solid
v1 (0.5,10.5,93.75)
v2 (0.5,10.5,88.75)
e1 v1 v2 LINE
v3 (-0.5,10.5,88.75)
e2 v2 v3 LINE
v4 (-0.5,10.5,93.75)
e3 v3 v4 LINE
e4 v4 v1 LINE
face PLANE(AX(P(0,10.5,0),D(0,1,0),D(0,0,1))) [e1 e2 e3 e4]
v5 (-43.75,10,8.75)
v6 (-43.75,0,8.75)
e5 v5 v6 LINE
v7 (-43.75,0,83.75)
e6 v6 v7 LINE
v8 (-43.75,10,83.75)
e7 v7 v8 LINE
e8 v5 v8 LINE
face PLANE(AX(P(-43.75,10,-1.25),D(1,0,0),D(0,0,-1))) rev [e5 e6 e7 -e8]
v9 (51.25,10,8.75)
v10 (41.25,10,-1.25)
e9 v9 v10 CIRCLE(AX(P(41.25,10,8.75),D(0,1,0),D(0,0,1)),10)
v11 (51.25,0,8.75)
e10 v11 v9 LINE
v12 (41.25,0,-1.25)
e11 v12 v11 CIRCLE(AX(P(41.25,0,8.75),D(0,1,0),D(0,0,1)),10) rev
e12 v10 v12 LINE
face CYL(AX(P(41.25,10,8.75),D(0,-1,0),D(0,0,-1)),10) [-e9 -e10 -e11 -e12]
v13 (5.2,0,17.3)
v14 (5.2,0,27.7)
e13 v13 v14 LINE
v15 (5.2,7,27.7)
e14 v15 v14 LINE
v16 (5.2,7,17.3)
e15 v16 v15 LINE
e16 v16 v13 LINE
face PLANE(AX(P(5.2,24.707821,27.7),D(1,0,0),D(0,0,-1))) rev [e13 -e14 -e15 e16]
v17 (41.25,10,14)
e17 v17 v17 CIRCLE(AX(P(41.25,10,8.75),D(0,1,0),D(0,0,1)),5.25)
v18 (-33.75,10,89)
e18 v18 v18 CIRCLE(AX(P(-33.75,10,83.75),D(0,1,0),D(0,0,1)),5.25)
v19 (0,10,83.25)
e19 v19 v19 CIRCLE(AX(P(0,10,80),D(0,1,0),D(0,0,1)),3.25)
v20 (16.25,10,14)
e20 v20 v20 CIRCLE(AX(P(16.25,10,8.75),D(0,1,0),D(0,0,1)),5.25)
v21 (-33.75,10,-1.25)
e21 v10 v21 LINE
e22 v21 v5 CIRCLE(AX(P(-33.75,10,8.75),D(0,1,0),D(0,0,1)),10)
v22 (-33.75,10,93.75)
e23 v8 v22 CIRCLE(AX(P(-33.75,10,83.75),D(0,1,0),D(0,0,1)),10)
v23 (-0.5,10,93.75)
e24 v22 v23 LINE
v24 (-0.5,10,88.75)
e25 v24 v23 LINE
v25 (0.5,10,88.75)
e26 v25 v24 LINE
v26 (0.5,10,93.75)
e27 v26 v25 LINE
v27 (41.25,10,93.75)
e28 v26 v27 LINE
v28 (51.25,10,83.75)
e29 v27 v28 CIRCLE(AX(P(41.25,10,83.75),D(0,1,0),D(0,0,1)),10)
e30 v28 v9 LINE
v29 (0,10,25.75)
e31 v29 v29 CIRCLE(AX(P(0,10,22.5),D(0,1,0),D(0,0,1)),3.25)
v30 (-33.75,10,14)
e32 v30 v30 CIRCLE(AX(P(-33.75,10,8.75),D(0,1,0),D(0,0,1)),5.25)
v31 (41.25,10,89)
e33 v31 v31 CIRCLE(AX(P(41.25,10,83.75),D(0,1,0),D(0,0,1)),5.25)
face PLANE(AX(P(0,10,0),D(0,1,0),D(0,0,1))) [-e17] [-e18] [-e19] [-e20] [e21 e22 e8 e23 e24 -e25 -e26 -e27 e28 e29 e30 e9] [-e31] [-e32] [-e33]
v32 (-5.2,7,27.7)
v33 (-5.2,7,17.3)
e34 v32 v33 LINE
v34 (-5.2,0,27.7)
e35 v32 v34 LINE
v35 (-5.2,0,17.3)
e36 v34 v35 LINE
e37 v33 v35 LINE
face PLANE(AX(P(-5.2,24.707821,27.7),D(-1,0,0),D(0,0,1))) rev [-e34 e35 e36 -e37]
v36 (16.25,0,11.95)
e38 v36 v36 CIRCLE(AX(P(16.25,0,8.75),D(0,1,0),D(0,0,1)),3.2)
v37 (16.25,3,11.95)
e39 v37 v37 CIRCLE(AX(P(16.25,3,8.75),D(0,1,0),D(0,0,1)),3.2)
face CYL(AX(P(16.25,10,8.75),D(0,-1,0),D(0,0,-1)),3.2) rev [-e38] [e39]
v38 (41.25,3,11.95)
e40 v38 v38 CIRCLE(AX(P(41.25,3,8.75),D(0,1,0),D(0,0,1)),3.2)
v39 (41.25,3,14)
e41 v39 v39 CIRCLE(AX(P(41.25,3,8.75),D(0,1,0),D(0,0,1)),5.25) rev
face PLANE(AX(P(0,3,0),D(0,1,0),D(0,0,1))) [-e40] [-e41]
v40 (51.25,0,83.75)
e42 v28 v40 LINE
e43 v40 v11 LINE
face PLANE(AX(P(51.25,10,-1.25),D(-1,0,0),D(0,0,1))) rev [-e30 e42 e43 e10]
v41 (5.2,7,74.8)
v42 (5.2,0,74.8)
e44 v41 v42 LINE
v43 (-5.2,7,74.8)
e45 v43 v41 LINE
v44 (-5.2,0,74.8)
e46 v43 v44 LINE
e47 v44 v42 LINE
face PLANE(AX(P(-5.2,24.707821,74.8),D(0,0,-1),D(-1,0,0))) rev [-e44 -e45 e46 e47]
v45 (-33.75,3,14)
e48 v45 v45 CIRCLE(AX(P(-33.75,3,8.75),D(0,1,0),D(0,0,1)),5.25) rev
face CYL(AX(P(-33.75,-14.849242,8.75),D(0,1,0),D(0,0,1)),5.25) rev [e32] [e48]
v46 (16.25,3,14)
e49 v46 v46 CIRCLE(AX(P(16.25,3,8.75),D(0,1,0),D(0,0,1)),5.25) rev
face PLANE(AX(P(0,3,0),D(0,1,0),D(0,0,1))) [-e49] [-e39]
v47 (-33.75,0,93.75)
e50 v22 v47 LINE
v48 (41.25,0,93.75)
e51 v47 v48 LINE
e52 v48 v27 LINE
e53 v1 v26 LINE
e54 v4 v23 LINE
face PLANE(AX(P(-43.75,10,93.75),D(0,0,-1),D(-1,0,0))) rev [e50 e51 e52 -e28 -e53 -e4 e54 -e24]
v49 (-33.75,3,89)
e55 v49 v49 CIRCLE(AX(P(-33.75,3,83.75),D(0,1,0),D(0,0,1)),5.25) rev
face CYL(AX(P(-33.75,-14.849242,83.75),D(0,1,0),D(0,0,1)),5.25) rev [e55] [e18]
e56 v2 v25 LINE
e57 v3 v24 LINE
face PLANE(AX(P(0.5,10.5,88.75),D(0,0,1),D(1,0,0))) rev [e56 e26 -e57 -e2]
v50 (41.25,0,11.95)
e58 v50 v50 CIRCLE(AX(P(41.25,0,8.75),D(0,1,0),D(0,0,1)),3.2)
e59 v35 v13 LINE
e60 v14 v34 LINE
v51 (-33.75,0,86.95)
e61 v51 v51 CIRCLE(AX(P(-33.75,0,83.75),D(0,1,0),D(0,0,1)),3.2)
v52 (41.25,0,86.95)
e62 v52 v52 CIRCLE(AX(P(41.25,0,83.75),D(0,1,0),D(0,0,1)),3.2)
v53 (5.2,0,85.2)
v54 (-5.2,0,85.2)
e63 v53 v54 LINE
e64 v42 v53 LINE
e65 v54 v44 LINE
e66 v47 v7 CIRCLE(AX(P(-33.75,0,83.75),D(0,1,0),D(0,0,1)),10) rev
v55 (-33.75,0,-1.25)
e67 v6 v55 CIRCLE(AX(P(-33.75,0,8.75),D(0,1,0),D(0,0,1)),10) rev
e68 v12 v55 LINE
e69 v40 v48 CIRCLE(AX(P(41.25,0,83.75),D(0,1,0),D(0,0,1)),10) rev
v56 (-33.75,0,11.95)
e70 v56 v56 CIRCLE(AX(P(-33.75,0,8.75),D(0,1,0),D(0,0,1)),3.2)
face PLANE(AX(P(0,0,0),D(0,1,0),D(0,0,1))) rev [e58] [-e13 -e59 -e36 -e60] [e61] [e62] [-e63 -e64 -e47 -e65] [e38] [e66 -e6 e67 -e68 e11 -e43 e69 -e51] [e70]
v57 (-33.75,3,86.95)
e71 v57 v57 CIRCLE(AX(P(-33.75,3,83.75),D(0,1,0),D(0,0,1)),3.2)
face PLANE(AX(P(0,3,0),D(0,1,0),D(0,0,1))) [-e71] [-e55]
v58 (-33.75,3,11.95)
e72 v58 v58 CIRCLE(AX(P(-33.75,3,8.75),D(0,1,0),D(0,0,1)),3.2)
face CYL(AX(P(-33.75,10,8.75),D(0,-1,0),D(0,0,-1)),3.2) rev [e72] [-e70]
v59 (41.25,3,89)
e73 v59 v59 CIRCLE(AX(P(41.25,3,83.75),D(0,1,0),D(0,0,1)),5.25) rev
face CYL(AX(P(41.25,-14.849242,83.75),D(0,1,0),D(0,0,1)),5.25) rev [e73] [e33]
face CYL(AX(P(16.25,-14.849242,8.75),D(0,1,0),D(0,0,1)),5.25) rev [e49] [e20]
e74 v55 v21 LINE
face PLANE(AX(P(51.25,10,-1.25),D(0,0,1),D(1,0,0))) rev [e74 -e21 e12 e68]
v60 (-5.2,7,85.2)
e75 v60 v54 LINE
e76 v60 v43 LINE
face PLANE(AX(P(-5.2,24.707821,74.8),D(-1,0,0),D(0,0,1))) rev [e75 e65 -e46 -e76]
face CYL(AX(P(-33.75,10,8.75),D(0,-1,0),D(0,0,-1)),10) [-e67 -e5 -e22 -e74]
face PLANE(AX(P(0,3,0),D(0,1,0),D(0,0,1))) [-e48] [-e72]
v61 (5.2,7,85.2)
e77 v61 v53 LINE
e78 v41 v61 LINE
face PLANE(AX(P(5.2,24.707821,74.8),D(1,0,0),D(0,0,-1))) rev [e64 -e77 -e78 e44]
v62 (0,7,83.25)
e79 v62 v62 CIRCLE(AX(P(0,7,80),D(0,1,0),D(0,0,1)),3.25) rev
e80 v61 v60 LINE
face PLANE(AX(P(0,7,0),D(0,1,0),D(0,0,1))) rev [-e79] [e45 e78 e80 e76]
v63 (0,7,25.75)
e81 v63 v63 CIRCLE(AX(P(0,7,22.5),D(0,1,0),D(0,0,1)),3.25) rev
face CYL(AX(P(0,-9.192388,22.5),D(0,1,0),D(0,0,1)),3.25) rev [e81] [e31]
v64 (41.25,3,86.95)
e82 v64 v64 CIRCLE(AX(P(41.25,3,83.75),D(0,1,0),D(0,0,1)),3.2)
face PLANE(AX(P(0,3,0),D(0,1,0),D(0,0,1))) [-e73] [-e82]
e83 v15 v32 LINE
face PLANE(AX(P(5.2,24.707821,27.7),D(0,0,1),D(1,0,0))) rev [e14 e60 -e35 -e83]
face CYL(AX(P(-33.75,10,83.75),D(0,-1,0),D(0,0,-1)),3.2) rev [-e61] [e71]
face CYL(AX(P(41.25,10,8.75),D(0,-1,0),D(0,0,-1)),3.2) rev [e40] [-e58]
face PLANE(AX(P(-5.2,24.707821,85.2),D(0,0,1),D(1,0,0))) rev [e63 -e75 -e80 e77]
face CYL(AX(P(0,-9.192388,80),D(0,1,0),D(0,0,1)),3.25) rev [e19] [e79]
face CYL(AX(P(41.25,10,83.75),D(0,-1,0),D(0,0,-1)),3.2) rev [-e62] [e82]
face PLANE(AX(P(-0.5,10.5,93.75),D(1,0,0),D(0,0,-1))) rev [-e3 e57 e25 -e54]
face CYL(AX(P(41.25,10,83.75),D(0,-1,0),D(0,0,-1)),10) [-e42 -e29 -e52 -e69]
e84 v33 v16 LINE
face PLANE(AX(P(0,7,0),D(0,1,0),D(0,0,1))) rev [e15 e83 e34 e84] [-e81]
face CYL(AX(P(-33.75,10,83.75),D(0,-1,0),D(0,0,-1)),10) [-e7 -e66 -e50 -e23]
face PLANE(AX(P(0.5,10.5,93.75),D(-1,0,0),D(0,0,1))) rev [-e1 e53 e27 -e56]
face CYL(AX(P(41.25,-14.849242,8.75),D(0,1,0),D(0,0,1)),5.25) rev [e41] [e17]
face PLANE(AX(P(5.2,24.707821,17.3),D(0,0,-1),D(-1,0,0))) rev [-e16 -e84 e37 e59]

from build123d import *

# Parameters (mm, degrees)
SKETCH_1_W          = 95
SKETCH_1_H          = 95
SKETCH_1_R          = 3.2
EXTRUDE_1_DEPTH     = 10
SKETCH_2_R          = 5.25
CUT_EXTRUDE_1_DEPTH = 7
FILLET_1_R          = 10
SKETCH_3_R          = 3.25
CUT_EXTRUDE_2_DEPTH = 10
SKETCH_4_W          = 10.4
SKETCH_4_H          = 10.4
SKETCH_4_R          = 3.25
CUT_EXTRUDE_3_DEPTH = 7
SKETCH_5_W          = 1
SKETCH_5_H          = 5
EXTRUDE_2_DEPTH     = 0.5


with BuildPart() as part:
    # 스케치1 → 보스-돌출1 (new body)
    with BuildSketch(Plane(origin=(0, 0, 0), x_dir=(1, 0, 0), z_dir=(0, 1, 0))):
        with Locations((3.75, -46.25)):
            Rectangle(SKETCH_1_W, SKETCH_1_H)
        with Locations((16.25, -8.75)):
            Circle(SKETCH_1_R, mode=Mode.SUBTRACT)
        with Locations((-33.75, -8.75)):
            Circle(SKETCH_1_R, mode=Mode.SUBTRACT)
        with Locations((41.25, -8.75)):
            Circle(SKETCH_1_R, mode=Mode.SUBTRACT)
        with Locations((-33.75, -83.75)):
            Circle(SKETCH_1_R, mode=Mode.SUBTRACT)
        with Locations((41.25, -83.75)):
            Circle(SKETCH_1_R, mode=Mode.SUBTRACT)
    extrude(amount=EXTRUDE_1_DEPTH)

    # 스케치2 → 컷-돌출1 (cut)
    with BuildSketch(Plane(origin=(0, 10, 0), x_dir=(1, 0, 0), z_dir=(0, 1, 0))):
        with Locations((16.25, -8.75)):
            Circle(SKETCH_2_R)
        with Locations((-33.75, -8.75)):
            Circle(SKETCH_2_R)
        with Locations((41.25, -8.75)):
            Circle(SKETCH_2_R)
        with Locations((41.25, -83.75)):
            Circle(SKETCH_2_R)
        with Locations((-33.75, -83.75)):
            Circle(SKETCH_2_R)
    extrude(amount=-CUT_EXTRUDE_1_DEPTH, mode=Mode.SUBTRACT)

    # 필렛1
    fillet_1_edges = [part.edges().sort_by_distance(p)[0] for p in [
        (51.25, 5, -1.25),
        (51.25, 5, 93.75),
        (-43.75, 5, 93.75),
        (-43.75, 5, -1.25),
    ]]
    fillet(fillet_1_edges, radius=FILLET_1_R)

    # 스케치3 → 컷-돌출2 (cut)
    with BuildSketch(Plane(origin=(0, 10, 0), x_dir=(1, 0, 0), z_dir=(0, 1, 0))):
        with Locations((0, -22.5)):
            Circle(SKETCH_3_R)
        with Locations((0, -80)):
            Circle(SKETCH_3_R)
    extrude(amount=-CUT_EXTRUDE_2_DEPTH, mode=Mode.SUBTRACT)

    # 스케치4 → 컷-돌출3 (cut)
    with BuildSketch(Plane.XZ):
        with Locations((0, 22.5)):
            Rectangle(SKETCH_4_W, SKETCH_4_H)
        with Locations((0, 22.5)):
            Circle(SKETCH_4_R, mode=Mode.SUBTRACT)
        with Locations((0, 80)):
            Rectangle(SKETCH_4_W, SKETCH_4_H)
        with Locations((0, 80)):
            Circle(SKETCH_4_R, mode=Mode.SUBTRACT)
    extrude(amount=-CUT_EXTRUDE_3_DEPTH, mode=Mode.SUBTRACT)

    # 스케치5 → 보스-돌출2 (add)
    with BuildSketch(Plane(origin=(0, 10, 0), x_dir=(1, 0, 0), z_dir=(0, 1, 0))):
        with Locations((0, -91.25)):
            Rectangle(SKETCH_5_W, SKETCH_5_H)
    extrude(amount=EXTRUDE_2_DEPTH)


solid = part.part
